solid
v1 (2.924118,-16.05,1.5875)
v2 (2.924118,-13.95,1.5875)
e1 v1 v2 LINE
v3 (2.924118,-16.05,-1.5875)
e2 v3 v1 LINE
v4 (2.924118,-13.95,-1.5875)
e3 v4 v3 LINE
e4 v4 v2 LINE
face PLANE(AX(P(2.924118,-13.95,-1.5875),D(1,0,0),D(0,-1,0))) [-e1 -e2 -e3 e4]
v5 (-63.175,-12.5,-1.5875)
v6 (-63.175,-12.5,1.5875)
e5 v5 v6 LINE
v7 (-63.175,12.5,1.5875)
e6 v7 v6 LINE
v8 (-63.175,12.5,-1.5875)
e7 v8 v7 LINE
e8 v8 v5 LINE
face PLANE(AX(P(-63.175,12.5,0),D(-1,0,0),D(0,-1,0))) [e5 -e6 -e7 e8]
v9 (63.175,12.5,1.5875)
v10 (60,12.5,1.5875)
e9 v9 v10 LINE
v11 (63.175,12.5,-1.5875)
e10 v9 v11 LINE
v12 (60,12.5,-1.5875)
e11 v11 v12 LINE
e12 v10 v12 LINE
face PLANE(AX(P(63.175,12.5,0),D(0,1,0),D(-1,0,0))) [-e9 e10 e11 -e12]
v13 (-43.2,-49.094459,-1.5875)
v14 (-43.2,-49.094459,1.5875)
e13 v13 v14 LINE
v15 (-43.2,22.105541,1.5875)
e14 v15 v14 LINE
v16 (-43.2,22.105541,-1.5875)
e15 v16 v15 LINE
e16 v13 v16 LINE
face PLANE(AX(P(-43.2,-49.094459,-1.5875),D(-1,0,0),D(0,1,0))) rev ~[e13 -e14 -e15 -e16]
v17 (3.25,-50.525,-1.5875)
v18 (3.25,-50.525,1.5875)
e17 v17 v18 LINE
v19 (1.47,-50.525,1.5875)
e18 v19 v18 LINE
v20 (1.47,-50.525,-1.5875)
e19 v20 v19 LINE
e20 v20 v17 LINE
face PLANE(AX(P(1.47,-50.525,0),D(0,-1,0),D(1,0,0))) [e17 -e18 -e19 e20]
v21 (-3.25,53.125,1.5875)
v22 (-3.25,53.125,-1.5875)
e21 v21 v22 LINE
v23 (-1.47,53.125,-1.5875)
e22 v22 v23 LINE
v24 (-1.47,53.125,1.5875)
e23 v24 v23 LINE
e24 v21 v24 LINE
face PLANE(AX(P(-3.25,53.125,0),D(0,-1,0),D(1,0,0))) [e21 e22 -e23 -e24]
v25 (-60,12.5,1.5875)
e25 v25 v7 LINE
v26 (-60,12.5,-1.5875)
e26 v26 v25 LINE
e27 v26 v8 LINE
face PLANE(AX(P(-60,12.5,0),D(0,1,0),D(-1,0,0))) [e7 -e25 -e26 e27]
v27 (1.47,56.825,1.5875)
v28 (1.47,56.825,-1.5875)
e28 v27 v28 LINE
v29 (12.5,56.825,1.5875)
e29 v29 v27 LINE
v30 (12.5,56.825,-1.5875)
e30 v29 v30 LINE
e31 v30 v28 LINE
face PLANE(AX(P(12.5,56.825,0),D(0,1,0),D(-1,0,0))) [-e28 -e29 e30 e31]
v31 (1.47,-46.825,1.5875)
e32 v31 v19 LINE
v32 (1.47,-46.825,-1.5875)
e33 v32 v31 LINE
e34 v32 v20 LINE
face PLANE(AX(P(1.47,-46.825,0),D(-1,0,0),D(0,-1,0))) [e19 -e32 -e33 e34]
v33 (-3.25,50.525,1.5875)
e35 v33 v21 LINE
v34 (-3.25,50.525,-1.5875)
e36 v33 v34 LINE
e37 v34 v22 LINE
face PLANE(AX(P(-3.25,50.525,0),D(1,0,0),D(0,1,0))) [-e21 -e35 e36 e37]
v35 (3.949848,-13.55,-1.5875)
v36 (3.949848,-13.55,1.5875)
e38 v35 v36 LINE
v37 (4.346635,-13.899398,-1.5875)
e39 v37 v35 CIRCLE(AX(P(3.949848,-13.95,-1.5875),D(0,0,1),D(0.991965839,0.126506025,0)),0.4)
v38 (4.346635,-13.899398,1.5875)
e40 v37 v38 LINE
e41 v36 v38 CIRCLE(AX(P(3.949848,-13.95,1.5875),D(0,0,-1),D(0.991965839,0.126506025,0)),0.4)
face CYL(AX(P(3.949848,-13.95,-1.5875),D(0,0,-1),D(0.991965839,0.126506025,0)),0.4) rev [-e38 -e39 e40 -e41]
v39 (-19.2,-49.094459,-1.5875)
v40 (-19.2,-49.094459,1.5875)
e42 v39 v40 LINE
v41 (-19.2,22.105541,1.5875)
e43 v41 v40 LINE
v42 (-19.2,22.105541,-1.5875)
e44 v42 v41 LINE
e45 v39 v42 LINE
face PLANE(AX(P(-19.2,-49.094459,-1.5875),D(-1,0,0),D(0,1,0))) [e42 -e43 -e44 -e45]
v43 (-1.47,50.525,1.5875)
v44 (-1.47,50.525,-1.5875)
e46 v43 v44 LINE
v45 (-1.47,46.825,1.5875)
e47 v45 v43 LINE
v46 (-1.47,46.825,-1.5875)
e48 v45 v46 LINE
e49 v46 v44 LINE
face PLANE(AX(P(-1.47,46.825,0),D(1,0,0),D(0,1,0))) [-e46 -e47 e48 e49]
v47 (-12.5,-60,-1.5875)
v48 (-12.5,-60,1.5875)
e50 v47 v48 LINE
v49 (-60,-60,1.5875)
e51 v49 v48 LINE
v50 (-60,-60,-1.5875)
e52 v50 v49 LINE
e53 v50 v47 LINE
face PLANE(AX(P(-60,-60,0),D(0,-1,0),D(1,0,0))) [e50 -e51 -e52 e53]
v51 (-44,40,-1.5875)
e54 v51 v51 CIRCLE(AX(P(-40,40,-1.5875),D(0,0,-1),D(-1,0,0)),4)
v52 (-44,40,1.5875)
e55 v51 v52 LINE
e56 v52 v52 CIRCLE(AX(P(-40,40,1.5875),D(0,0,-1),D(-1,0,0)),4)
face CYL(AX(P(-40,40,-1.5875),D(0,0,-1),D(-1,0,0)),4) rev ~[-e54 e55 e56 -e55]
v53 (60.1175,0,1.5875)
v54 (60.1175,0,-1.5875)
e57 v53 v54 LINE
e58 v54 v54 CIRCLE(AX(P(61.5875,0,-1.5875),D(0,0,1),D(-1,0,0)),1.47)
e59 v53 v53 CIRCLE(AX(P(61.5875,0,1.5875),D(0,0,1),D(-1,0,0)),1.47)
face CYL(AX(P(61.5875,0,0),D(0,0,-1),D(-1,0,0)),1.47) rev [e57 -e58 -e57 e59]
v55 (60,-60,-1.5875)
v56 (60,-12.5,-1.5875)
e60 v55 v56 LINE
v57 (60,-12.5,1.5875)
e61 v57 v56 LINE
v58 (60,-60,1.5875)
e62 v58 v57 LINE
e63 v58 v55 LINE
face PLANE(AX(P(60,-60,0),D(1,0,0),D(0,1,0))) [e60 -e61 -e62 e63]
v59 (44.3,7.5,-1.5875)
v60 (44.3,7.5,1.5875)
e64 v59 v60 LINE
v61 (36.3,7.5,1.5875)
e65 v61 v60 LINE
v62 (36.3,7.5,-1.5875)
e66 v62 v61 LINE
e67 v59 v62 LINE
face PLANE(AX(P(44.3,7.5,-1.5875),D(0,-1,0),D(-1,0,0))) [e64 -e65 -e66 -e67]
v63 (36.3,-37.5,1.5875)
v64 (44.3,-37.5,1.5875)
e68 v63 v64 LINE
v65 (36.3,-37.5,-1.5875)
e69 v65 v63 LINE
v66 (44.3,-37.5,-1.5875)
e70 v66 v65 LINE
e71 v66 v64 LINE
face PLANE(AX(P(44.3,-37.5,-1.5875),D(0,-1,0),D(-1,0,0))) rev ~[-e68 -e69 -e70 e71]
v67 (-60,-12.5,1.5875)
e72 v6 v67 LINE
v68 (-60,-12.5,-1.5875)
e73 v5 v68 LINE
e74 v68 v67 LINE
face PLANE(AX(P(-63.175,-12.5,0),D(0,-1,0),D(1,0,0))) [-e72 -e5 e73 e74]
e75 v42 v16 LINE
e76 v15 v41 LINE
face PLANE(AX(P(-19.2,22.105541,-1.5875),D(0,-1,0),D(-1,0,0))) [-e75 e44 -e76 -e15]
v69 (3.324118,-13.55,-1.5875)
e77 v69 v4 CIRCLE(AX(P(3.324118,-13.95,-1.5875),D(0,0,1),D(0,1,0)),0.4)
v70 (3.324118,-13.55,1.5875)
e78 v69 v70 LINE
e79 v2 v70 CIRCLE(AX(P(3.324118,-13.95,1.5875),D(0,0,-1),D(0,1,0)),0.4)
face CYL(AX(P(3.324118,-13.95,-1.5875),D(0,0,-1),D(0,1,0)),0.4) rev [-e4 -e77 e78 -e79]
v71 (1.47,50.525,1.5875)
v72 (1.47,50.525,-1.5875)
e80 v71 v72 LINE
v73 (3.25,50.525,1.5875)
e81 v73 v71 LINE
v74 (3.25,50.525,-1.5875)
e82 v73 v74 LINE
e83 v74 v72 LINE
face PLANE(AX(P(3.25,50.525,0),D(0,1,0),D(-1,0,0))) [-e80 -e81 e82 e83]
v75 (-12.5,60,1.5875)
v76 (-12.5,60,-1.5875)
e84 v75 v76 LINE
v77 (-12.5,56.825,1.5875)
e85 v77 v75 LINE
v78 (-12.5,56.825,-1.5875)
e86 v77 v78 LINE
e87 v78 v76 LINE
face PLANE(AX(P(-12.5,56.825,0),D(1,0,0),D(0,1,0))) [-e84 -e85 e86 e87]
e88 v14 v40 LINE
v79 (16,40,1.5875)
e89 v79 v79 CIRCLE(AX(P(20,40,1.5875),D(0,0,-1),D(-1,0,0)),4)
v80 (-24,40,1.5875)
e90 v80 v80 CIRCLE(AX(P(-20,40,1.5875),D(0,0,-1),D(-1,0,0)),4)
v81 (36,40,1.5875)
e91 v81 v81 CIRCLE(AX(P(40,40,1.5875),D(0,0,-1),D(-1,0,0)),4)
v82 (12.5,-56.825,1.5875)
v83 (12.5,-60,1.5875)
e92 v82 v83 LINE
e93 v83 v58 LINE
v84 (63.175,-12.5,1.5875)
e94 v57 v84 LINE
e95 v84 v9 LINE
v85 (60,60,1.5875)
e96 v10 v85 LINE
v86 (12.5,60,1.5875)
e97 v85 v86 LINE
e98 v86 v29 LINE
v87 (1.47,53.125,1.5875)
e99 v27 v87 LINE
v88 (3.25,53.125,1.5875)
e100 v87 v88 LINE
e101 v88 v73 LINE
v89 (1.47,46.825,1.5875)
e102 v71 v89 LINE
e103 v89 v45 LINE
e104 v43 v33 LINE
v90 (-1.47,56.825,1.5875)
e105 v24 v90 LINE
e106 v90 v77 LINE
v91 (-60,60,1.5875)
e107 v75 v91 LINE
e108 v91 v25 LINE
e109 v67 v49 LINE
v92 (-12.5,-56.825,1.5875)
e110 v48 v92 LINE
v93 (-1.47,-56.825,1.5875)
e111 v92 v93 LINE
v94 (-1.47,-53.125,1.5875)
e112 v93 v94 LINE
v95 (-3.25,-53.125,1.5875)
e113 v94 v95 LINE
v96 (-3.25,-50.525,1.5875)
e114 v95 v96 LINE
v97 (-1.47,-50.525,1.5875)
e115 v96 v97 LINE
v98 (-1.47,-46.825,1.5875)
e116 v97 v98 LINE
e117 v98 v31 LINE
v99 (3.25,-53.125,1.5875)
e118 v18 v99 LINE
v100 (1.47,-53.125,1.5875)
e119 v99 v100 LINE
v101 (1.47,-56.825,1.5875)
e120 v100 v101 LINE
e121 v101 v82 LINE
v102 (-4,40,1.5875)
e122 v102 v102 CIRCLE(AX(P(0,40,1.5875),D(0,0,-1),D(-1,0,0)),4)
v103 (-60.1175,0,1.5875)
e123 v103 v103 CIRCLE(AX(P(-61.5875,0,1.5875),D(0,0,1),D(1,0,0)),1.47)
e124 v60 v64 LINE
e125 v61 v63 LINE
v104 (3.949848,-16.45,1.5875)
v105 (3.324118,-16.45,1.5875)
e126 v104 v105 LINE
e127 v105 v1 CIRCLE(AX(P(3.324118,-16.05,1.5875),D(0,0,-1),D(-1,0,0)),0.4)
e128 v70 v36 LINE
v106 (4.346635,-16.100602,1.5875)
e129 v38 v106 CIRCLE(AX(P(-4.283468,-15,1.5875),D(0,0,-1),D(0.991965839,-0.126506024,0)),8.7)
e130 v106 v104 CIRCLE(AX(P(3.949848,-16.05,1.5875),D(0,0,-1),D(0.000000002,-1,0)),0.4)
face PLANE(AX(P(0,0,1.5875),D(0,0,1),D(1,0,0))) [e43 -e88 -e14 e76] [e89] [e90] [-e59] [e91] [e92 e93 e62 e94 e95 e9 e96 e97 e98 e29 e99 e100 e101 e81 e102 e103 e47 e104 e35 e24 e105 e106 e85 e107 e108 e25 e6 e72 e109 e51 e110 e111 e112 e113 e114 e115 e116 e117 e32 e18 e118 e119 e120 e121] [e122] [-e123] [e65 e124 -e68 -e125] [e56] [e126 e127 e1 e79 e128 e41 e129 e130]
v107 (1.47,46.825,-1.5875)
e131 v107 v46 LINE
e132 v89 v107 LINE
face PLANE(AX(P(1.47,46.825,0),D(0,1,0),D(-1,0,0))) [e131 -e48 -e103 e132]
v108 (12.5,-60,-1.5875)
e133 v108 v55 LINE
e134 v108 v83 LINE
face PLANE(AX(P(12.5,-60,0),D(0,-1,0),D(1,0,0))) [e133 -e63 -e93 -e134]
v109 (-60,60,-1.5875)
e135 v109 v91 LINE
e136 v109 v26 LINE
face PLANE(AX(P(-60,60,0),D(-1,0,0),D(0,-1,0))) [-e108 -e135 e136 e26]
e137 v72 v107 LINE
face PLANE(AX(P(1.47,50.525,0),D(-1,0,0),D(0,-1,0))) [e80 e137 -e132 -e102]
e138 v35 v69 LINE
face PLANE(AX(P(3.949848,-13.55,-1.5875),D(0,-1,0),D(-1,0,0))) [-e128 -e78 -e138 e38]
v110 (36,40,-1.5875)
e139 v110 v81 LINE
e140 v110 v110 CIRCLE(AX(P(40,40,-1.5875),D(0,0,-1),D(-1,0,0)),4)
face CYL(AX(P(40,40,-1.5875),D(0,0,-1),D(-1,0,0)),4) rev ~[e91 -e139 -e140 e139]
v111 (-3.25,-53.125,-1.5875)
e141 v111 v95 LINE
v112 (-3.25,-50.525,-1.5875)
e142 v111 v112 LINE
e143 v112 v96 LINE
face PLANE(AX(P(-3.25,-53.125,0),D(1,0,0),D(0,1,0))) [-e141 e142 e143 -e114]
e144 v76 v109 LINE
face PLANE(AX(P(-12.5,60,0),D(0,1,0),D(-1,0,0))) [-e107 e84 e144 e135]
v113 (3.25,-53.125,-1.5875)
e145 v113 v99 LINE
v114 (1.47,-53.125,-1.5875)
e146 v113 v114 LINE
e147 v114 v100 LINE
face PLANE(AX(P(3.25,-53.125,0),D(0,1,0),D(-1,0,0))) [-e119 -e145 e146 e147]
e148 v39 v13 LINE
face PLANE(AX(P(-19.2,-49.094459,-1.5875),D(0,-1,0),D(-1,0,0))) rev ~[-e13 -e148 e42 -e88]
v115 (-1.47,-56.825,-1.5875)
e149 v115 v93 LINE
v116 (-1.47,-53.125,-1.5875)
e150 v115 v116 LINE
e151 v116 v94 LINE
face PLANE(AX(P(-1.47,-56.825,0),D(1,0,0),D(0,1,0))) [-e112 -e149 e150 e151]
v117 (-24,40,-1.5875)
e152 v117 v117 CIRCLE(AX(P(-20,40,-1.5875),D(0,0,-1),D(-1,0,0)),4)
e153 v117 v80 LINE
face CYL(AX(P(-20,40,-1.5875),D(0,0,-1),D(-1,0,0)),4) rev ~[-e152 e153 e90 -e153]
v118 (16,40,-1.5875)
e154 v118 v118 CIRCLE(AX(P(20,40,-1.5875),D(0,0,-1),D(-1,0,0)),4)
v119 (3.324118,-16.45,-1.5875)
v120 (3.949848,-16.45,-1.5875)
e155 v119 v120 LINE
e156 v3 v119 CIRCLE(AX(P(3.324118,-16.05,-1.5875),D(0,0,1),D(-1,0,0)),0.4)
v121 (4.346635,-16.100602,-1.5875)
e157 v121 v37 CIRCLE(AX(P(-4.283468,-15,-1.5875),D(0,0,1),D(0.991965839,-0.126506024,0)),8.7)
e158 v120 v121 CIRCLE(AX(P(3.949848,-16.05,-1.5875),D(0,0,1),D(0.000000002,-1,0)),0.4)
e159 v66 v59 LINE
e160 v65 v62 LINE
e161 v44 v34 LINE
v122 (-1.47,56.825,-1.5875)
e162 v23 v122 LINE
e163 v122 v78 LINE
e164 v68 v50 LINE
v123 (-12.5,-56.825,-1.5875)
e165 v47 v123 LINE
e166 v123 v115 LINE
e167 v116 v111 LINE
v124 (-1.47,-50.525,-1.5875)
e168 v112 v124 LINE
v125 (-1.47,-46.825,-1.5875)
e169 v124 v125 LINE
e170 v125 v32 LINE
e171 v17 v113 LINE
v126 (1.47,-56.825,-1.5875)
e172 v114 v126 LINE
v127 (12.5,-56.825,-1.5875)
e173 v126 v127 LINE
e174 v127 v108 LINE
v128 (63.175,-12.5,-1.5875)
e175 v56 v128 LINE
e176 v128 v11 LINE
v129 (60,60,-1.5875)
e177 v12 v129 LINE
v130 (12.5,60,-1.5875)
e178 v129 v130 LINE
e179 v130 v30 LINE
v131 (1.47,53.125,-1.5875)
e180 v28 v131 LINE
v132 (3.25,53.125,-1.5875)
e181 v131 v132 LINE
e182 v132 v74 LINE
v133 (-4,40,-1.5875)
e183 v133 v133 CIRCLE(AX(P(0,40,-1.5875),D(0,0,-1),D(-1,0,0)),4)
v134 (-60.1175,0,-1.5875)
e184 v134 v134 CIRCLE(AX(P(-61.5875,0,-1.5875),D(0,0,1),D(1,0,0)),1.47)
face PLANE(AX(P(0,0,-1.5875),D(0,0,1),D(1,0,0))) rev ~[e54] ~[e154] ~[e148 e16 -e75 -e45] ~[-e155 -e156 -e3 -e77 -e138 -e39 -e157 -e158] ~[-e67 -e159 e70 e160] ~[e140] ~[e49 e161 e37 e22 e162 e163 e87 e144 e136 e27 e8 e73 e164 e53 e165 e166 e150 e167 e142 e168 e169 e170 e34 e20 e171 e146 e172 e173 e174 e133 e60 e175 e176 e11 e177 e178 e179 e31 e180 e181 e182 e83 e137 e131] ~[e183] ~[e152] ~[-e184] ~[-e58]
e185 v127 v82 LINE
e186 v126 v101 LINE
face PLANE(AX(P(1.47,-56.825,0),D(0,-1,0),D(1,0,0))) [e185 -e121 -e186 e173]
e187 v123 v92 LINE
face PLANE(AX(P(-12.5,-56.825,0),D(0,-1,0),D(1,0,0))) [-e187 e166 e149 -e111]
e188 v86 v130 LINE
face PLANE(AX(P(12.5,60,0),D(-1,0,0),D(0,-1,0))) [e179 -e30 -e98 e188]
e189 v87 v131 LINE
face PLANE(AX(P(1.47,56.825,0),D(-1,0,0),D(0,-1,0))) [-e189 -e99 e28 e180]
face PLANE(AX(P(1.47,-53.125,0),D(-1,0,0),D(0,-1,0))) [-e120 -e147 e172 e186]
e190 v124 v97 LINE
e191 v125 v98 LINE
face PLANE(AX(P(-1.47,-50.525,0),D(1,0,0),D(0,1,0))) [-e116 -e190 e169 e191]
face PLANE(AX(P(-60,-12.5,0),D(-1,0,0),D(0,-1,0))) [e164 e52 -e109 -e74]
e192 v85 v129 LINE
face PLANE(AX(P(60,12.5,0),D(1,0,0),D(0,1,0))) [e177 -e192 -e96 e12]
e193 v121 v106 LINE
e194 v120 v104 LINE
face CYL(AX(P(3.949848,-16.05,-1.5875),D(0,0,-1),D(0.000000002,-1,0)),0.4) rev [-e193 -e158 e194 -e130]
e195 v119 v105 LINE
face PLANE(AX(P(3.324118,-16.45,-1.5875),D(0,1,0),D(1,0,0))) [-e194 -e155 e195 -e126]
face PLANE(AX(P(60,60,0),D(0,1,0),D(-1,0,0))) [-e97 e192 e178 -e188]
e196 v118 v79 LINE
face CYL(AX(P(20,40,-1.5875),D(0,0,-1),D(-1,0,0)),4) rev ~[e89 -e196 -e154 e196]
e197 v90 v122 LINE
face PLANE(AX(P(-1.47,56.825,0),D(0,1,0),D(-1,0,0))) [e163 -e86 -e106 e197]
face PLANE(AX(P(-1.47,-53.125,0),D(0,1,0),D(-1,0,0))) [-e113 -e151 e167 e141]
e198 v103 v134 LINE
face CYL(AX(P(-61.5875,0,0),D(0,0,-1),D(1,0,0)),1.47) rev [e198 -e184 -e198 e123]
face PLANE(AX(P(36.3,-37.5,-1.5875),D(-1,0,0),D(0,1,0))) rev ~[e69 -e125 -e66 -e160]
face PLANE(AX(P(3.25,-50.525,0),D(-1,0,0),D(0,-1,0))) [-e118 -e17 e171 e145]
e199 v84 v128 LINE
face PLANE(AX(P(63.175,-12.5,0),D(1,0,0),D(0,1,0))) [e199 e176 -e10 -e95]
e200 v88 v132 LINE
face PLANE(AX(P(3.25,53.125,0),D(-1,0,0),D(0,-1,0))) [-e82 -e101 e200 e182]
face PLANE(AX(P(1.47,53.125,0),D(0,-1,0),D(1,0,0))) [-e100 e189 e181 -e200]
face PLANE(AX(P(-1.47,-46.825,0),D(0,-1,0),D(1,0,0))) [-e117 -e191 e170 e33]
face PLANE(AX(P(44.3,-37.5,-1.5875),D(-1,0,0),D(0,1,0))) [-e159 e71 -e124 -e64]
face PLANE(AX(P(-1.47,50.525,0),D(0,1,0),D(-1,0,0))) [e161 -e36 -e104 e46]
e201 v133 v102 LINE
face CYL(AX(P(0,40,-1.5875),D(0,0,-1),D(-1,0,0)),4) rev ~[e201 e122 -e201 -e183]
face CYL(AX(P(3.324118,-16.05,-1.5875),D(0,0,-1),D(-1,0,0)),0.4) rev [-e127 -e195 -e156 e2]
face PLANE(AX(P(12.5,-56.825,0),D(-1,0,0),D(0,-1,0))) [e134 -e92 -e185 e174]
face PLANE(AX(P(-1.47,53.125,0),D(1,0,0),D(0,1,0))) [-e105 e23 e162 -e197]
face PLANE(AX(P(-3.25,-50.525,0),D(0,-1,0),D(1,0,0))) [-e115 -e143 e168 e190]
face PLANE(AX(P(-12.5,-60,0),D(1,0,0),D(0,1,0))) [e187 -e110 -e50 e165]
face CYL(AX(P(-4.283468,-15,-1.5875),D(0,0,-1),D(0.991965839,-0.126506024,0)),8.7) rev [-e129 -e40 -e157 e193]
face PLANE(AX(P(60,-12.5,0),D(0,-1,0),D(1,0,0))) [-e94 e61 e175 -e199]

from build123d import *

# Parameters (mm, degrees)
SKETCH1_R           = 1.47
BOSS_EXTRUDE1_DEPTH = 1.5875
SKETCH3_W           = 8
SKETCH3_H           = 45
CUT_EXTRUDE1_DEPTH  = 88.184638842
SKETCH4_W           = 24
SKETCH4_H           = 71.2
CUT_EXTRUDE2_DEPTH  = 88.184638842
CUT_EXTRUDE4_DEPTH  = 88.184638842
SKETCH6_R           = 4
CUT_EXTRUDE5_DEPTH  = 88.184638842


with BuildPart() as part:
    # Sketch1 → Boss-Extrude1 (new, symmetric)
    with BuildSketch(Plane.XY):
        Polygon((-12.5, 60), (-60, 60), (-60, 12.5), (-63.175, 12.5), (-63.175, -12.5), (-60, -12.5), (-60, -60), (-12.5, -60), (-12.5, -56.825), (-1.47, -56.825), (-1.47, -53.125), (-3.25, -53.125), (-3.25, -50.525), (-1.47, -50.525), (-1.47, -46.825), (1.47, -46.825), (1.47, -50.525), (3.25, -50.525), (3.25, -53.125), (1.47, -53.125), (1.47, -56.825), (12.5, -56.825), (12.5, -60), (60, -60), (60, -12.5), (63.175, -12.5), (63.175, 12.5), (60, 12.5), (60, 60), (12.5, 60), (12.5, 56.825), (1.47, 56.825), (1.47, 53.125), (3.25, 53.125), (3.25, 50.525), (1.47, 50.525), (1.47, 46.825), (-1.47, 46.825), (-1.47, 50.525), (-3.25, 50.525), (-3.25, 53.125), (-1.47, 53.125), (-1.47, 56.825), (-12.5, 56.825), align=None)
        with Locations((-61.5875, 0)):
            Circle(SKETCH1_R, mode=Mode.SUBTRACT)
        with Locations(Location((61.5875, 0, 0), (0, 0, 180))):
            Circle(SKETCH1_R, mode=Mode.SUBTRACT)
    extrude(amount=BOSS_EXTRUDE1_DEPTH, both=True)

    # Sketch3 → Cut-Extrude1 (cut, through all)
    with BuildSketch(Plane(origin=(0, 0, -1.5875), x_dir=(-1, 0, 0), z_dir=(0, 0, -1))):
        with Locations((-40.3, -15)):
            Rectangle(SKETCH3_W, SKETCH3_H)
    extrude(amount=-CUT_EXTRUDE1_DEPTH, mode=Mode.SUBTRACT)

    # Sketch4 → Cut-Extrude2 (cut, through all)
    with BuildSketch(Plane(origin=(0, 0, -1.5875), x_dir=(-1, 0, 0), z_dir=(0, 0, -1))):
        with Locations((31.2, -13.494459363)):
            Rectangle(SKETCH4_W, SKETCH4_H)
    extrude(amount=-CUT_EXTRUDE2_DEPTH, mode=Mode.SUBTRACT)

    # Sketch5 → Cut-Extrude4 (cut, through all)
    with BuildSketch(Plane(origin=(0, 0, -1.5875), x_dir=(-1, 0, 0), z_dir=(0, 0, -1))):
        with BuildLine():
            Line((-3.324117887, -16.45), (-3.949848491, -16.45))
            ThreePointArc((-3.949848491, -16.45), (-4.214195834, -16.350200736), (-4.346634826, -16.10060241))
            ThreePointArc((-4.346634826, -16.10060241), (-4.416532026, -15), (-4.346634826, -13.89939759))
            ThreePointArc((-4.346634826, -13.89939759), (-4.214195834, -13.649799264), (-3.949848491, -13.55))
            Line((-3.949848491, -13.55), (-3.324117887, -13.55))
            ThreePointArc((-3.324117887, -13.55), (-3.041275174, -13.667157288), (-2.924117887, -13.95))
            Line((-2.924117887, -13.95), (-2.924117887, -16.05))
            ThreePointArc((-2.924117887, -16.05), (-3.041275174, -16.332842712), (-3.324117887, -16.45))
        make_face()
    extrude(amount=-CUT_EXTRUDE4_DEPTH, mode=Mode.SUBTRACT)

    # Sketch6 → Cut-Extrude5 (cut, through all)
    with BuildSketch(Plane(origin=(0, 0, -1.5875), x_dir=(-1, 0, 0), z_dir=(0, 0, -1))):
        with Locations((40, 40)):
            Circle(SKETCH6_R)
        with Locations((20, 40)):
            Circle(SKETCH6_R)
        with Locations((0, 40)):
            Circle(SKETCH6_R)
        with Locations((-20, 40)):
            Circle(SKETCH6_R)
        with Locations((-40, 40)):
            Circle(SKETCH6_R)
    extrude(amount=-CUT_EXTRUDE5_DEPTH, mode=Mode.SUBTRACT)


solid = part.part
